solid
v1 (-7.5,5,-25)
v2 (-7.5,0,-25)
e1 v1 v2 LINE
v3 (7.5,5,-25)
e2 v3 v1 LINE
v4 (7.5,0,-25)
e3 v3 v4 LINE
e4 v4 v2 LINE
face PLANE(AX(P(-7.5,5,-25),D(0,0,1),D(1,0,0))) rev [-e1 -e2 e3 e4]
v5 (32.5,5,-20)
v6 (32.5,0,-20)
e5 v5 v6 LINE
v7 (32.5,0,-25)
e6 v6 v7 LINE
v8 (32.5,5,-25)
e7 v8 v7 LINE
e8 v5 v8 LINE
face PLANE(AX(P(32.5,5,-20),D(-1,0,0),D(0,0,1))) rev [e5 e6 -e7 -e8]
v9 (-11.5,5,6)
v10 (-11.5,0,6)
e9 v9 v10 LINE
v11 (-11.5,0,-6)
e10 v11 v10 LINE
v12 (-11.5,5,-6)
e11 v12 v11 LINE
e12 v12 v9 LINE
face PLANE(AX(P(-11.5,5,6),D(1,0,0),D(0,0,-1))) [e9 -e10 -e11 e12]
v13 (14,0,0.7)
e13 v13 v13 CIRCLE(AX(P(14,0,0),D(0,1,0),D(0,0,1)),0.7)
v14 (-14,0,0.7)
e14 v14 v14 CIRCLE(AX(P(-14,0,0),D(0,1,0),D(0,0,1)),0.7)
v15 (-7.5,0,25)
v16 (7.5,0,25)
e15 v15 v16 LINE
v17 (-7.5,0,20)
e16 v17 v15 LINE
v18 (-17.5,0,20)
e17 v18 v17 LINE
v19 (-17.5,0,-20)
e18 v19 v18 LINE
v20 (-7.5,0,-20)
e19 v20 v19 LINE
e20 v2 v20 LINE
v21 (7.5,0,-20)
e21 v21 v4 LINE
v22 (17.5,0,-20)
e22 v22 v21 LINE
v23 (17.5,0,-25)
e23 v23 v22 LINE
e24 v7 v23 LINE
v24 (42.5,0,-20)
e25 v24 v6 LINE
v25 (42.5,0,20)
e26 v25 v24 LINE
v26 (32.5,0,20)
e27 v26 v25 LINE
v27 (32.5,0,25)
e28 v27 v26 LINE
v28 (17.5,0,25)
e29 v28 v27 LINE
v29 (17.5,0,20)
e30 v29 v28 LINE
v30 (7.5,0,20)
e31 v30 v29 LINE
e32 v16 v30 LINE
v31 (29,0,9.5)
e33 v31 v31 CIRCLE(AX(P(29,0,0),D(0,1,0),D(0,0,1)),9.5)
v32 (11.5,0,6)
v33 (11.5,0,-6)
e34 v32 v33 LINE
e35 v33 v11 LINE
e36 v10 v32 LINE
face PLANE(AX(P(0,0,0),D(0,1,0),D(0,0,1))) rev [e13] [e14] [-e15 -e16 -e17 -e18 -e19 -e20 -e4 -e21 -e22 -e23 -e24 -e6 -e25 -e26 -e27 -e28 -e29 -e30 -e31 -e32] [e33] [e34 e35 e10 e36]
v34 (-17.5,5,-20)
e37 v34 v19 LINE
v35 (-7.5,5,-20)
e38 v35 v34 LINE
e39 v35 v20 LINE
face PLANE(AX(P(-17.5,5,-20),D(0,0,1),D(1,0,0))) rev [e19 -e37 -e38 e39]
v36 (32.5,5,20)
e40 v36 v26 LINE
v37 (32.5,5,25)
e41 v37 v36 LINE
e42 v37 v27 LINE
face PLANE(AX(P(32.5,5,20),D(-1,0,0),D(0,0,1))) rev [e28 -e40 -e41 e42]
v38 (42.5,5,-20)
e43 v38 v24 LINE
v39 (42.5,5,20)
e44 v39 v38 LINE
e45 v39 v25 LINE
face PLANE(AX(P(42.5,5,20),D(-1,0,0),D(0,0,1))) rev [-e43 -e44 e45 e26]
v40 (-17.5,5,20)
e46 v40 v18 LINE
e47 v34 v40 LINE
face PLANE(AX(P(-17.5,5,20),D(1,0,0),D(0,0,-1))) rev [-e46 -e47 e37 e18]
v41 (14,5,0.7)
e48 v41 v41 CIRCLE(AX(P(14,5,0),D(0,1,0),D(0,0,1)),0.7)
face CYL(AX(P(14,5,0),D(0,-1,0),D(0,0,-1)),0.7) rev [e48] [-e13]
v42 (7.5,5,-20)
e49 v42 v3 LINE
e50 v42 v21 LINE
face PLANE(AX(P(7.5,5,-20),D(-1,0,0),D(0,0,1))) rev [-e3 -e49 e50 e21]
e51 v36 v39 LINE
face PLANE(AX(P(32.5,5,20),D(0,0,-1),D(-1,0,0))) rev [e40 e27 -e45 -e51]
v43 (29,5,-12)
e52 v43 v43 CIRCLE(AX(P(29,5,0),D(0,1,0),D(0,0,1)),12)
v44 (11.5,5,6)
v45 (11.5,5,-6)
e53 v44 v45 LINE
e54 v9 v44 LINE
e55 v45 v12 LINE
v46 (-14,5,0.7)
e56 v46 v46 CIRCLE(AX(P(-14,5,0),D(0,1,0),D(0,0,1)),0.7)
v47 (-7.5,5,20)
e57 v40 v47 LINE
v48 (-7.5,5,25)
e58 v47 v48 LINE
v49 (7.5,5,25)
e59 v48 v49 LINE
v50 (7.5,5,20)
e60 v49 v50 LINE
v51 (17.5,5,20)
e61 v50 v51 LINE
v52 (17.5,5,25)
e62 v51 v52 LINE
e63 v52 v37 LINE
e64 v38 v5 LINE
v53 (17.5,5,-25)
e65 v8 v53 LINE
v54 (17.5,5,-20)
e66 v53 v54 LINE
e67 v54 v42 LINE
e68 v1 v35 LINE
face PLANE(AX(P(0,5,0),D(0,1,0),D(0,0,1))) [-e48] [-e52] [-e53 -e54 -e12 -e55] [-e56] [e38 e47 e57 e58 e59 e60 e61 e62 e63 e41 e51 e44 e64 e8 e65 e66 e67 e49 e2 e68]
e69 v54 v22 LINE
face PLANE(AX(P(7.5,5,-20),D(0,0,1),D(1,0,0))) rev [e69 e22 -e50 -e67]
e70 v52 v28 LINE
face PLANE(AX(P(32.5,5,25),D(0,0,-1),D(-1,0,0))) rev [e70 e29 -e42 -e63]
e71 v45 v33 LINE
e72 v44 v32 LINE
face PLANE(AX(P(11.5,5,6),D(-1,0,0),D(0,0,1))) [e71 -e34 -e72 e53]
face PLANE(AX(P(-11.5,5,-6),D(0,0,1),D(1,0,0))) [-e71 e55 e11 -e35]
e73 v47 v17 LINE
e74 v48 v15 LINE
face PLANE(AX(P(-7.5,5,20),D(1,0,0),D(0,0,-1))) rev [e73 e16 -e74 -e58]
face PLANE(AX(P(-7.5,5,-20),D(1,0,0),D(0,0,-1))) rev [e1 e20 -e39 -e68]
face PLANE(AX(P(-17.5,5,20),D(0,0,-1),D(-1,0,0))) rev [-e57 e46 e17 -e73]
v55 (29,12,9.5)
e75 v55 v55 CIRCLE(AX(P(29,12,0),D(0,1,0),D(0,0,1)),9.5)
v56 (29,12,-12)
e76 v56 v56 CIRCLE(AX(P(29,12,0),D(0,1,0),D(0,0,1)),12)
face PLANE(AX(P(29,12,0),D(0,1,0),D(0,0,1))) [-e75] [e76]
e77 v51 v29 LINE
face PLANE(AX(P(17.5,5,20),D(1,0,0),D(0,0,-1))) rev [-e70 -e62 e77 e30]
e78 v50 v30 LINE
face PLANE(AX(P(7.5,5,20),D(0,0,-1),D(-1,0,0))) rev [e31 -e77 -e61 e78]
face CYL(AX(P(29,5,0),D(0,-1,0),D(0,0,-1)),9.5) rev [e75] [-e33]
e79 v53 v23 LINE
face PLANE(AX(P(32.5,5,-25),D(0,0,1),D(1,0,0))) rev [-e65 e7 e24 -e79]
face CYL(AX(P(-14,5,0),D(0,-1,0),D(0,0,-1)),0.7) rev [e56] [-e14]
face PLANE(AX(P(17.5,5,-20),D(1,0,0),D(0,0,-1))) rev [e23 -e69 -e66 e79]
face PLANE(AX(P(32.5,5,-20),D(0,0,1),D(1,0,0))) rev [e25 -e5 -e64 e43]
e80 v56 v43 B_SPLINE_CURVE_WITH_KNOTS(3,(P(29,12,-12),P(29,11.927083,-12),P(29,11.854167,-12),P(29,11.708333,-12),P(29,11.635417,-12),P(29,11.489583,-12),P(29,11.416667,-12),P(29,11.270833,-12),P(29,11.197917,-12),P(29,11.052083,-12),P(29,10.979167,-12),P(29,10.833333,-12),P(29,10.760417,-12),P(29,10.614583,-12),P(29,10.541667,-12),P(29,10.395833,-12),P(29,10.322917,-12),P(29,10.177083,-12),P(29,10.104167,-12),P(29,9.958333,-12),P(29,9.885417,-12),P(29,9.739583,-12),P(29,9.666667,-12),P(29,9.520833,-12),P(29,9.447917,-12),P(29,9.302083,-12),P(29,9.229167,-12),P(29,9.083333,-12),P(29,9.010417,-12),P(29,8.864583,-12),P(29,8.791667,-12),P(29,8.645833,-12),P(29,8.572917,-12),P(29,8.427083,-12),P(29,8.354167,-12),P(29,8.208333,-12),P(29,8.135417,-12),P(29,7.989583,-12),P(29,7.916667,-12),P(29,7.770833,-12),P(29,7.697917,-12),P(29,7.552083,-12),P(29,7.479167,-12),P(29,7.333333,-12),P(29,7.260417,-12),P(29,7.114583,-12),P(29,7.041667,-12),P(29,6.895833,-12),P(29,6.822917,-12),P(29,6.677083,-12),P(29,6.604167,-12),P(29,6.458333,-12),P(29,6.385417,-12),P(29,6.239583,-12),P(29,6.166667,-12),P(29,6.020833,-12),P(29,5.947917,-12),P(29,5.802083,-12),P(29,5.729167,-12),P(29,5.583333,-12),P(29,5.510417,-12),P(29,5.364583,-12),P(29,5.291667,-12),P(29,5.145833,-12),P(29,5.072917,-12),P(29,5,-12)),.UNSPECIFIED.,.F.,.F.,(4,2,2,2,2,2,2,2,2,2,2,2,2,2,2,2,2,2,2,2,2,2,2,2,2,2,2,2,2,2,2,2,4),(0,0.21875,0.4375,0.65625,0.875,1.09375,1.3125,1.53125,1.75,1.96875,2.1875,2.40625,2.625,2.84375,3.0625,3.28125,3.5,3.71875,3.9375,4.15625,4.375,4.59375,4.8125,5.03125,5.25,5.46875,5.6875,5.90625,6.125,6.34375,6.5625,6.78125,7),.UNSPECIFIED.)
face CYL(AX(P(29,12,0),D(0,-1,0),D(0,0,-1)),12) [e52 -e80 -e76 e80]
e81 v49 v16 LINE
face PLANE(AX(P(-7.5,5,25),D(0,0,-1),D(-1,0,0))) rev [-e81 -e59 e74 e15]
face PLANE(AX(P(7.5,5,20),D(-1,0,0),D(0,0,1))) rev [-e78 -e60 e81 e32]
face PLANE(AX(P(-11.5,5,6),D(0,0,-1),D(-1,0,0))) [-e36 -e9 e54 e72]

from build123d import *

# Parameters (mm, degrees)
SKETCH1_R           = 0.7
SKETCH1_R_2         = 9.5
SKETCH1_W           = 23
SKETCH1_H           = 12
BOSS_EXTRUDE1_DEPTH = 5
SKETCH2_R           = 12
SKETCH2_R_2         = 9.5
BOSS_EXTRUDE2_DEPTH = 7


with BuildPart() as part:
    # Sketch1 → Boss-Extrude1 (new body)
    with BuildSketch(Plane(origin=(0, 0, 0), x_dir=(1, 0, 0), z_dir=(0, 1, 0))):
        Polygon((7.5, 20), (17.5, 20), (17.5, 25), (32.5, 25), (32.5, 20), (42.5, 20), (42.5, -20), (32.5, -20), (32.5, -25), (17.5, -25), (17.5, -20), (7.5, -20), (7.5, -25), (-7.5, -25), (-7.5, -20), (-17.5, -20), (-17.5, 20), (-7.5, 20), (-7.5, 25), (7.5, 25), align=None)
        with Locations(Location((-14, 0, 0), (0, 0, 270))):
            Circle(SKETCH1_R, mode=Mode.SUBTRACT)
        with Locations(Location((14, 0, 0), (0, 0, 270))):
            Circle(SKETCH1_R, mode=Mode.SUBTRACT)
        with Locations(Location((29, 0, 0), (0, 0, 270))):
            Circle(SKETCH1_R_2, mode=Mode.SUBTRACT)
        Rectangle(SKETCH1_W, SKETCH1_H, mode=Mode.SUBTRACT)
    extrude(amount=BOSS_EXTRUDE1_DEPTH)

    # Sketch2 → Boss-Extrude2 (add)
    with BuildSketch(Plane(origin=(0, 5, 0), x_dir=(1, 0, 0), z_dir=(0, 1, 0))):
        with Locations(Location((29, 0, 0), (0, 0, 90))):
            Circle(SKETCH2_R)
        with Locations(Location((29, 0, 0), (0, 0, 270))):
            Circle(SKETCH2_R_2, mode=Mode.SUBTRACT)
    extrude(amount=BOSS_EXTRUDE2_DEPTH)


solid = part.part
